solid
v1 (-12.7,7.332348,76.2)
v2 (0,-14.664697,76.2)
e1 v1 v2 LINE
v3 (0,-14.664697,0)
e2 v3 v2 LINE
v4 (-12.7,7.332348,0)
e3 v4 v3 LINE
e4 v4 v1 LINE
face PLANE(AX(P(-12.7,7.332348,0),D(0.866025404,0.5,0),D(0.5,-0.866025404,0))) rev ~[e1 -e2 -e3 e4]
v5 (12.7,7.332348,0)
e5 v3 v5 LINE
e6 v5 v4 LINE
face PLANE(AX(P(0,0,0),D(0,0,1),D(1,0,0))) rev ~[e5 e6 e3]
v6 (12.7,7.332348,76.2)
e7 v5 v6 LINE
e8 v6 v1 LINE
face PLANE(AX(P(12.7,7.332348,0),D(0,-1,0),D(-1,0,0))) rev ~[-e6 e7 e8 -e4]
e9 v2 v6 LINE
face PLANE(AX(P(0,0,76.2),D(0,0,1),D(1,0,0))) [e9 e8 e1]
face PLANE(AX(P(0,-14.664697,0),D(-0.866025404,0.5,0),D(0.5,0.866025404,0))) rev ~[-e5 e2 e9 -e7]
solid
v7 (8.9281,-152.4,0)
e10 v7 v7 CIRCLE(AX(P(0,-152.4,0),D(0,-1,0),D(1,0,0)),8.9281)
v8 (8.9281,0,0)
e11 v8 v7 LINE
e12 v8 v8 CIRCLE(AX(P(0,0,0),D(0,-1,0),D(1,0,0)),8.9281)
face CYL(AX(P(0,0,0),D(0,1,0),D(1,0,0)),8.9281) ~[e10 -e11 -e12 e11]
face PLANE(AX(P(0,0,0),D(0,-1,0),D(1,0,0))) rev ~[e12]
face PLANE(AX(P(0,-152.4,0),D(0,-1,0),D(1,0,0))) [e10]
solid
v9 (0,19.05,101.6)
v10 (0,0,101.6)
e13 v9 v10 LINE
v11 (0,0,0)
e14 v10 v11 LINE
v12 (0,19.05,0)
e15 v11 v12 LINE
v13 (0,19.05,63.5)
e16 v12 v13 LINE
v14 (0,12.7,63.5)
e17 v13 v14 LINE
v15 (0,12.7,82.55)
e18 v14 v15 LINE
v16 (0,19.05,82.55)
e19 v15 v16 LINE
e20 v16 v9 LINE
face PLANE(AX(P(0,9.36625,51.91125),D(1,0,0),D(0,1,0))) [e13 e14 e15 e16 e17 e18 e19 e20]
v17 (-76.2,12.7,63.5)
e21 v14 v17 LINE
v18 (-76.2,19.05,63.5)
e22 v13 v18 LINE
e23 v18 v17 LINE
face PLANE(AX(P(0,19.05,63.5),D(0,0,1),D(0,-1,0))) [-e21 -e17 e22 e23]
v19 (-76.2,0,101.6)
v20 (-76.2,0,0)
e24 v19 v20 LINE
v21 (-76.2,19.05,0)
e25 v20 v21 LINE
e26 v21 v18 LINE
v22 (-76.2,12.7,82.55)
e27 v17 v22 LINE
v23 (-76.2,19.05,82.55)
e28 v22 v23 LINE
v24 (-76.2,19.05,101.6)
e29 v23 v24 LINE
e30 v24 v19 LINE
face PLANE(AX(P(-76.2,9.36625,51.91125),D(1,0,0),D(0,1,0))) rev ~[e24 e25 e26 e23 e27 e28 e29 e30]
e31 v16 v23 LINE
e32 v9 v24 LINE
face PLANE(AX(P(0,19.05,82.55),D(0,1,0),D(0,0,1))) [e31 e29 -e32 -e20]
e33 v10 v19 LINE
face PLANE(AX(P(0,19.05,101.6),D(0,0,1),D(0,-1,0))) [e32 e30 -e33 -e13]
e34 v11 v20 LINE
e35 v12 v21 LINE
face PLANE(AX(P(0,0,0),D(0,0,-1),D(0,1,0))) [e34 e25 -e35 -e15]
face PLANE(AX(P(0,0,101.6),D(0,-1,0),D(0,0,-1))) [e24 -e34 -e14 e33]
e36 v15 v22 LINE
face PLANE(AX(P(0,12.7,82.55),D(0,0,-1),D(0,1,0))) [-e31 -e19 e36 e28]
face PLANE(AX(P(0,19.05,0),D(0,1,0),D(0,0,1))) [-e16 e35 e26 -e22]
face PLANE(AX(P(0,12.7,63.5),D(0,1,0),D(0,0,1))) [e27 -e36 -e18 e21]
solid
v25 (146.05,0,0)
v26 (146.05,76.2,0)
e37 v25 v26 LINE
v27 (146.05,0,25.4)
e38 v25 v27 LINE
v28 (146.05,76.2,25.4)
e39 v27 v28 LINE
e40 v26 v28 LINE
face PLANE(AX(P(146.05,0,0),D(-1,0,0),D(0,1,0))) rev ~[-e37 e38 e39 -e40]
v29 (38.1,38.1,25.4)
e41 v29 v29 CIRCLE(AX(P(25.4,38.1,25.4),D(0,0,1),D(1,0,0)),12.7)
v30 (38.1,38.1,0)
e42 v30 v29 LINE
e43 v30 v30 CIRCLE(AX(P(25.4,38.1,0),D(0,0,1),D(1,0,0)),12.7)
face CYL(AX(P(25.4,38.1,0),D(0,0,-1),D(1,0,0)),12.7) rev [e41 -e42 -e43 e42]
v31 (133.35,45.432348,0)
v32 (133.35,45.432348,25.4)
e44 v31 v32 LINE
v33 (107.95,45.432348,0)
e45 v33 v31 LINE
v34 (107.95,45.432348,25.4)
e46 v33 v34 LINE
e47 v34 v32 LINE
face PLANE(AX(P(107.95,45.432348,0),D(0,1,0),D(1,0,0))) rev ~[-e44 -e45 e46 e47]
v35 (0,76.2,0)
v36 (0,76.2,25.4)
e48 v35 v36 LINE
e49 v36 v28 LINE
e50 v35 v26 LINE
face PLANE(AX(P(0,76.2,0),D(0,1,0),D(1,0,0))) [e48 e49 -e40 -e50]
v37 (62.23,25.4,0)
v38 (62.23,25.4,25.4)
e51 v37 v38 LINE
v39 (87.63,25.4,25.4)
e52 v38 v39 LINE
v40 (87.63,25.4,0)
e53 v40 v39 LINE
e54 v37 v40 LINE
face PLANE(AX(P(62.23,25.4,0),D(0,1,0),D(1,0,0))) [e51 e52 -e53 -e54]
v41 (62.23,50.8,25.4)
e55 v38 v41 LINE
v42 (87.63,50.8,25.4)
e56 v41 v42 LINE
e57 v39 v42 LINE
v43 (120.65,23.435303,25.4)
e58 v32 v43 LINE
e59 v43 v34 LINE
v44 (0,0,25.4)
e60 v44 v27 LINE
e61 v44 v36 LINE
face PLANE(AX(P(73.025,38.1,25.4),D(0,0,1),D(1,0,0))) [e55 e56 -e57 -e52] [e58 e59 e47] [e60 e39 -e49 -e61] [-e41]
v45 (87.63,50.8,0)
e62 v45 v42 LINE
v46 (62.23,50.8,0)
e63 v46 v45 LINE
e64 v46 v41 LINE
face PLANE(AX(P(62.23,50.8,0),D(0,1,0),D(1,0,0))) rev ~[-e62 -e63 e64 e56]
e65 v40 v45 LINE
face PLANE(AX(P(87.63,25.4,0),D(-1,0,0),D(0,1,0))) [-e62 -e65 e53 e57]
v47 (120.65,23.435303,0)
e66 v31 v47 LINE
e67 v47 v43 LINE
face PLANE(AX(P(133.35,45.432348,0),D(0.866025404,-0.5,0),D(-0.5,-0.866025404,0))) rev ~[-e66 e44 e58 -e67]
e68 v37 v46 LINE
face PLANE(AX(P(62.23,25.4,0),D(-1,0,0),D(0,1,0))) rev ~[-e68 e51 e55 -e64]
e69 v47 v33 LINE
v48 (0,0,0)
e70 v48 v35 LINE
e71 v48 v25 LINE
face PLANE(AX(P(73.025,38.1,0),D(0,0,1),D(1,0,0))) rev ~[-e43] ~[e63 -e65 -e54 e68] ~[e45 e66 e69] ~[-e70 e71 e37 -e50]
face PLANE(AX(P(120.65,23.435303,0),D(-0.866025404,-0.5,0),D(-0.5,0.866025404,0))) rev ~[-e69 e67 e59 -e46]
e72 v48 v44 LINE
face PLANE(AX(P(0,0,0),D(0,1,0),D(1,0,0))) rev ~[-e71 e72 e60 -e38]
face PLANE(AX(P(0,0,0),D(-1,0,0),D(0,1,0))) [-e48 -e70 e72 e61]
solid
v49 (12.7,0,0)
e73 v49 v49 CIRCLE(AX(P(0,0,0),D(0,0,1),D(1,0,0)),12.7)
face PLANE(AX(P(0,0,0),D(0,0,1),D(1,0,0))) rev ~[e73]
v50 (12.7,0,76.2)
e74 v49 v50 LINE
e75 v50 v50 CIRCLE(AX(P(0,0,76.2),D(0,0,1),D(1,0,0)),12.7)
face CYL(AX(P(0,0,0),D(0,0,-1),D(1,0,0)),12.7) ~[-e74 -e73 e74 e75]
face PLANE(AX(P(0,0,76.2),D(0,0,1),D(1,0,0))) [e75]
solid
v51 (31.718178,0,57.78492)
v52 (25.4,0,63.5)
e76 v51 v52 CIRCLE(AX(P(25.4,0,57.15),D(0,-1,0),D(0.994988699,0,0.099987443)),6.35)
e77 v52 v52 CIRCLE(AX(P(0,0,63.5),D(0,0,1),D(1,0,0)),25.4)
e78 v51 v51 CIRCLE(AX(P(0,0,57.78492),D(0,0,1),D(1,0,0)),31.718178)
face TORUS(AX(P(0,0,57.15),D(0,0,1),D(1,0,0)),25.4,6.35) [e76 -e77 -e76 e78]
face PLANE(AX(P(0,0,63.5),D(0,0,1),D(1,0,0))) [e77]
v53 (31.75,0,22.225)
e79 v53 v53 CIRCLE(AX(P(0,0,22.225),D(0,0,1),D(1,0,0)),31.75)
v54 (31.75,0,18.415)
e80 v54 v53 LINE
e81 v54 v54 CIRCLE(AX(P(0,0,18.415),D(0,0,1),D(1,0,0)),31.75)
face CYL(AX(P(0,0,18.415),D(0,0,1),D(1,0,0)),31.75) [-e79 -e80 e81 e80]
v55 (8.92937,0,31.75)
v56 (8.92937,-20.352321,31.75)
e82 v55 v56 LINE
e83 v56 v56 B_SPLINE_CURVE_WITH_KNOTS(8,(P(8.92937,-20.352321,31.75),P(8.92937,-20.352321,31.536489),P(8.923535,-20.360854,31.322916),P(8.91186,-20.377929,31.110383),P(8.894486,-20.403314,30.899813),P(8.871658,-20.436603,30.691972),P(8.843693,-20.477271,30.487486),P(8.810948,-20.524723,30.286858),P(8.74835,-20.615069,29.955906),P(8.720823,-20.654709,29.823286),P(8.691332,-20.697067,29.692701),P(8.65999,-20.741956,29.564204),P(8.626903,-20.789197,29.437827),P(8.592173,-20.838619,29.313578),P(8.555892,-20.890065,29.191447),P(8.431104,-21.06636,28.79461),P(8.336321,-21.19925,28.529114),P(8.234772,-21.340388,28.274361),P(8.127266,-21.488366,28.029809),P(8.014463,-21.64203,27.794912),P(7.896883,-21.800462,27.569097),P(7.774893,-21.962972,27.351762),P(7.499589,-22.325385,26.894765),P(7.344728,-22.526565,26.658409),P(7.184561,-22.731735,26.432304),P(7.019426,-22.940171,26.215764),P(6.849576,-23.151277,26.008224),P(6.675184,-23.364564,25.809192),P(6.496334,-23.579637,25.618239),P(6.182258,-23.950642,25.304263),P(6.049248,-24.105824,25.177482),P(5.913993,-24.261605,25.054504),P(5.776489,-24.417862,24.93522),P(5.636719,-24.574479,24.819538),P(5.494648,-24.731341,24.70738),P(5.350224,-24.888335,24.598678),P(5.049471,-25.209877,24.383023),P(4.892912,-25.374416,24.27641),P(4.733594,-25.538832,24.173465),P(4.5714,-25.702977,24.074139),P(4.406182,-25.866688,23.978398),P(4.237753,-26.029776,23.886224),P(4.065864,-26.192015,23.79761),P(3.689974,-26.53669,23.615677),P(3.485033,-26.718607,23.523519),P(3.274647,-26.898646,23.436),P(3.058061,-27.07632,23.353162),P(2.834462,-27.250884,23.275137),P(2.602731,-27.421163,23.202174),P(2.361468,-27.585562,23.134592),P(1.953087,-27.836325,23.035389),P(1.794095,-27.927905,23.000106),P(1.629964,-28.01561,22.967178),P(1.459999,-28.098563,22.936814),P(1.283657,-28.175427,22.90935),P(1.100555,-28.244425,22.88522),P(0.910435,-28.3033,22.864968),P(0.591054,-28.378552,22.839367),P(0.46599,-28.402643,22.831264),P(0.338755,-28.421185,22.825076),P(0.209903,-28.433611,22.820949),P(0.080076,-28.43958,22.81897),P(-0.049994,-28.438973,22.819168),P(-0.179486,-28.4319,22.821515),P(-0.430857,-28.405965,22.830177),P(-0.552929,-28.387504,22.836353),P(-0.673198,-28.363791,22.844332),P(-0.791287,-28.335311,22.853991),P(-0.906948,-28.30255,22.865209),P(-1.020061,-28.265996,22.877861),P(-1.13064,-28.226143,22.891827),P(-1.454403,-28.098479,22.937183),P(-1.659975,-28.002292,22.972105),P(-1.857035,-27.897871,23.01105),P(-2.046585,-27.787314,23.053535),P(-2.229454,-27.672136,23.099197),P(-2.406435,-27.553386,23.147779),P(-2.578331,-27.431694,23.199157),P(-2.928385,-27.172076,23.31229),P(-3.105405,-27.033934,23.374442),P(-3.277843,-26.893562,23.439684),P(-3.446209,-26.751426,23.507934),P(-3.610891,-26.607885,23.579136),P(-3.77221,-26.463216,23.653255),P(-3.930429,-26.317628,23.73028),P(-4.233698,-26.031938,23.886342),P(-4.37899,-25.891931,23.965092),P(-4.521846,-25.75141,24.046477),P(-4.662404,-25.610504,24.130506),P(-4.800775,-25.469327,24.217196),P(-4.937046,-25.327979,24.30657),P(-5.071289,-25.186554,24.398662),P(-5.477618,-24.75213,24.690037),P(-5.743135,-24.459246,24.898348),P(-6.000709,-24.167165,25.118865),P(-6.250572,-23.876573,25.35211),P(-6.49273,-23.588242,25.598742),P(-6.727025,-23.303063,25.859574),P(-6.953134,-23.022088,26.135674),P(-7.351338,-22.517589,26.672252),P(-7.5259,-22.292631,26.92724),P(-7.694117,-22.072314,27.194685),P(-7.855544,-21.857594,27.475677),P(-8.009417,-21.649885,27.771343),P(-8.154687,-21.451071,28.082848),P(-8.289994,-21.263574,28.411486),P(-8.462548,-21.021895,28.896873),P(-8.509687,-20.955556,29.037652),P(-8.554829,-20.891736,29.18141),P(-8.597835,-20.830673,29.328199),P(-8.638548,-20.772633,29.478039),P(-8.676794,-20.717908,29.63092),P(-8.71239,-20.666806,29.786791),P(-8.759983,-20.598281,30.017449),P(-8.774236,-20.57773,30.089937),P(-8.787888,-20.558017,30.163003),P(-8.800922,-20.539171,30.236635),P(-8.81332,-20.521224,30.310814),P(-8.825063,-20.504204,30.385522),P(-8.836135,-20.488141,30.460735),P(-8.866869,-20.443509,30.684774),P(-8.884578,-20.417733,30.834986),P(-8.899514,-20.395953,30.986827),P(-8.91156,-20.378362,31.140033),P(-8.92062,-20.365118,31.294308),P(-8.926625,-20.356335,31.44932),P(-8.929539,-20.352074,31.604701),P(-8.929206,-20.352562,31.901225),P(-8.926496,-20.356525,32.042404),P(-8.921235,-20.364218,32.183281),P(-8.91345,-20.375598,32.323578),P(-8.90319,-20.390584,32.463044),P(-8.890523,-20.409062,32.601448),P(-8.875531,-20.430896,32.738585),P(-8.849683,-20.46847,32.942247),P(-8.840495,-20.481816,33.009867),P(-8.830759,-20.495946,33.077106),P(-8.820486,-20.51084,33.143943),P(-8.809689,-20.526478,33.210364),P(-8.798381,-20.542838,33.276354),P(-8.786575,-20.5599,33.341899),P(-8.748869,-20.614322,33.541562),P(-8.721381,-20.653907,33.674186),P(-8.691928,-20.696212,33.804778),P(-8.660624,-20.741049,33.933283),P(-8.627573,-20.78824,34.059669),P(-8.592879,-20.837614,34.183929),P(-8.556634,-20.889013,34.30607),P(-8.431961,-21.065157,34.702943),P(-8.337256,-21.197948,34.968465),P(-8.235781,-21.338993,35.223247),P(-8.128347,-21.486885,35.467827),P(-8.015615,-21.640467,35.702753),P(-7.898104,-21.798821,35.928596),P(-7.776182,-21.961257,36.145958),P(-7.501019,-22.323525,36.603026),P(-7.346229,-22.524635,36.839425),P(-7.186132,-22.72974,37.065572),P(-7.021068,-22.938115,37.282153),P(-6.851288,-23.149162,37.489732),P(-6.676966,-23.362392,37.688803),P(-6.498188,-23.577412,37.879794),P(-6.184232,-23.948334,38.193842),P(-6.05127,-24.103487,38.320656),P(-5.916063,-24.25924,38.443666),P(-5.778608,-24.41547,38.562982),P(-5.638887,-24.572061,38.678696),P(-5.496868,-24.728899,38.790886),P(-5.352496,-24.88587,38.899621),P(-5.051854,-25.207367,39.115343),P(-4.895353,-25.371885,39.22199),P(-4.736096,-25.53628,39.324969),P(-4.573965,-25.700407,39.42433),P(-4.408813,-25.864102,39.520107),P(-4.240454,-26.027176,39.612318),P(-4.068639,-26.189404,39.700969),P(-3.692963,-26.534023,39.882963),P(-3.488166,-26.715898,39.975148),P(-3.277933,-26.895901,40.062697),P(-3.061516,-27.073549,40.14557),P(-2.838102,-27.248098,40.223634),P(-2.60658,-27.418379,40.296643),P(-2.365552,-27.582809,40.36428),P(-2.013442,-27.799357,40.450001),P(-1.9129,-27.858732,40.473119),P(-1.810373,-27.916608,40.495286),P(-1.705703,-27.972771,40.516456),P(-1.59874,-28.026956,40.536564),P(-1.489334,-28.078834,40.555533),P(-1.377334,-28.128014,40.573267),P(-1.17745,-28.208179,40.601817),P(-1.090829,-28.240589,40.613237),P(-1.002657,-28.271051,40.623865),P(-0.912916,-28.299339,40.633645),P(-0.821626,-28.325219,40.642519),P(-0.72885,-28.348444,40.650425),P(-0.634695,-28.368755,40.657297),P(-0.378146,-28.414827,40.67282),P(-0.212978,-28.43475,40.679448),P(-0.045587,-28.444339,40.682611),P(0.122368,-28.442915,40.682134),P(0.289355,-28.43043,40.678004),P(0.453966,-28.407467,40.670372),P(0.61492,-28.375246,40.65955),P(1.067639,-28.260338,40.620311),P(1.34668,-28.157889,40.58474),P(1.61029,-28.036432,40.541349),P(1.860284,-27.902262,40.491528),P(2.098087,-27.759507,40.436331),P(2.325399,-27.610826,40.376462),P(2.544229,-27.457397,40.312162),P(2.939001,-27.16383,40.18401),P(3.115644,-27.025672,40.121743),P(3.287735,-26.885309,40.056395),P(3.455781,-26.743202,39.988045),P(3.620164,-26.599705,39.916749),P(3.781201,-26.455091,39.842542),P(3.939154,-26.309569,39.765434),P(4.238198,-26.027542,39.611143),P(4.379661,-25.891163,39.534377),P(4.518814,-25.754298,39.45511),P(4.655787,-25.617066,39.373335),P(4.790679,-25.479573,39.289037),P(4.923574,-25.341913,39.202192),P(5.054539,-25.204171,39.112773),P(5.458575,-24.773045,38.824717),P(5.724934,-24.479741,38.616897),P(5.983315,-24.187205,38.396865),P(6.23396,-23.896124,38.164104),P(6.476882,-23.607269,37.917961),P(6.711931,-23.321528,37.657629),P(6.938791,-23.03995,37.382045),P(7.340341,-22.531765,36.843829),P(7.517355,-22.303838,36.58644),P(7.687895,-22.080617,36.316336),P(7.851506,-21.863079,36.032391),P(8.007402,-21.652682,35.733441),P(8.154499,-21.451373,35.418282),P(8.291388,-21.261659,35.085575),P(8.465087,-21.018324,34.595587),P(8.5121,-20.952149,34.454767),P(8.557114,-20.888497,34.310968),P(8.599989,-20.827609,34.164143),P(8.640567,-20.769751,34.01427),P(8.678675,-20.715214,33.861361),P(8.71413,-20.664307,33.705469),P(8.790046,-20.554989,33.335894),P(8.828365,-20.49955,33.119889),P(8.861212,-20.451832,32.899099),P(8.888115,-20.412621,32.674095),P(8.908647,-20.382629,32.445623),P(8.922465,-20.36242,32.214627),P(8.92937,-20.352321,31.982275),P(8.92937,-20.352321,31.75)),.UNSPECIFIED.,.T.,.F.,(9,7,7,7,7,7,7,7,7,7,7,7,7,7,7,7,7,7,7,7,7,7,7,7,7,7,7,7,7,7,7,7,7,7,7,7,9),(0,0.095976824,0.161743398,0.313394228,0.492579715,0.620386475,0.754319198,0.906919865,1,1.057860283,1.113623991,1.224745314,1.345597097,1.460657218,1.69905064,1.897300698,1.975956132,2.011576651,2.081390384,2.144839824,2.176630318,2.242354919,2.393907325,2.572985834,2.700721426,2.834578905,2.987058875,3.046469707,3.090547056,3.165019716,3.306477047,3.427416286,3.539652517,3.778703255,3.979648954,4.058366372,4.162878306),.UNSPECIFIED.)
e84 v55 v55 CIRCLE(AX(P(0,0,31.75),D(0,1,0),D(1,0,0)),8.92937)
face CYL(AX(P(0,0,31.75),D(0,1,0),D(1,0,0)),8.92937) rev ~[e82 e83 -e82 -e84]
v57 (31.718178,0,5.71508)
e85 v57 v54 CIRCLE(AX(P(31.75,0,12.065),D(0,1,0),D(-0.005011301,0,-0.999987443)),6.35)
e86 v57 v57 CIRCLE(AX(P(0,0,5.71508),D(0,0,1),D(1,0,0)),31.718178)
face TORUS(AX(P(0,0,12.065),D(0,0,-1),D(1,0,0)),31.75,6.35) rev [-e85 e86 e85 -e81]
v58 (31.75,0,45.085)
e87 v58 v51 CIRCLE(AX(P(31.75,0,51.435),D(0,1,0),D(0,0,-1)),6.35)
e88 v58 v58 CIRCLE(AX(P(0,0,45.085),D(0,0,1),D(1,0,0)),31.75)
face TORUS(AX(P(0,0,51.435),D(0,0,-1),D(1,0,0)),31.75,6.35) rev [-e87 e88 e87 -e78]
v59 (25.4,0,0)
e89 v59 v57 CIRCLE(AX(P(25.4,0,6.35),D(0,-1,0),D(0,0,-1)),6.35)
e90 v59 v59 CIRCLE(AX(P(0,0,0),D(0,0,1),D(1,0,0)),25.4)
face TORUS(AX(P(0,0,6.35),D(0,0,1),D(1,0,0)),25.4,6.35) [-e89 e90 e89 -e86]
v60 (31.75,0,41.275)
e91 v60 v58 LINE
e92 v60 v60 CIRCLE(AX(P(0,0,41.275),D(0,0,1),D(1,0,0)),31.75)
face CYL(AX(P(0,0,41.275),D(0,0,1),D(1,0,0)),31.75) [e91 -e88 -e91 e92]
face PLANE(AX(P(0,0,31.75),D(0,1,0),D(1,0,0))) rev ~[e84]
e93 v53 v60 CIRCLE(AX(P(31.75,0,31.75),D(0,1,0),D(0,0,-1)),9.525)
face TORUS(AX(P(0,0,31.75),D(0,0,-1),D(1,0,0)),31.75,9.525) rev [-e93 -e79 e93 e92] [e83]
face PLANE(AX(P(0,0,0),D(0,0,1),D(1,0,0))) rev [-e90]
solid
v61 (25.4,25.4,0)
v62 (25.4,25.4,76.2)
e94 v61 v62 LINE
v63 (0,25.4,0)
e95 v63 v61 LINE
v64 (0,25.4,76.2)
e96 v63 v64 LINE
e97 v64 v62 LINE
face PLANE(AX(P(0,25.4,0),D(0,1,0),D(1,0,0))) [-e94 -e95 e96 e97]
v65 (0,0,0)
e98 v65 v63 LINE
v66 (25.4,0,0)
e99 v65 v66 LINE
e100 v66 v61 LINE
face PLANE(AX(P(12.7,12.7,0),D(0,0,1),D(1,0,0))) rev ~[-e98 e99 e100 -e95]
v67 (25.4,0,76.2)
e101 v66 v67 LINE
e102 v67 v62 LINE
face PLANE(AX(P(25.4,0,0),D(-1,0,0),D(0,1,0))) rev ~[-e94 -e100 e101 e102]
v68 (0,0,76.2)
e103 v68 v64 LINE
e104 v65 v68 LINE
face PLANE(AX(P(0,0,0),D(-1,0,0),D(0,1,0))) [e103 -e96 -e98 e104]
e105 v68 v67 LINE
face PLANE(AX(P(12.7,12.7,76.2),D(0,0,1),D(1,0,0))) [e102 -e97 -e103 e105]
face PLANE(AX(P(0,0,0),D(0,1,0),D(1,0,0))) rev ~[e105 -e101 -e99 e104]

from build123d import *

# Parameters (mm, degrees)
F0_R      = 12.7
F1_DEPTH  = 76.2
F2_W      = 25.4
F2_H      = 25.4
F3_DEPTH  = 76.2
F5_DEPTH  = 76.2
F6_W      = 146.05
F6_H      = 76.2
F6_W_2    = 25.4
F6_H_2    = 25.4
F6_R      = 12.7
F7_DEPTH  = 25.4
F9_DEPTH  = 76.2
F13_D     = 17.85874
F13_DEPTH = 31.751
F14_R     = 8.9281
F15_DEPTH = 152.4


with BuildPart() as f1:
    # F0 (on Top) → F1 (new body)
    with BuildSketch(Plane.XY):
        Circle(F0_R)
    extrude(amount=F1_DEPTH)


with BuildPart() as f3:
    # F2 (on Top) → F3 (new body)
    with BuildSketch(Plane.XY):
        with Locations((12.7, 12.7)):
            Rectangle(F2_W, F2_H)
    extrude(amount=F3_DEPTH)


with BuildPart() as f5:
    # F4 (on Top) → F5 (new body)
    with BuildSketch(Plane.XY):
        Polygon((12.7, 7.3323484187), (-12.7, 7.3323484187), (0, -14.6646968374), align=None)
    extrude(amount=F5_DEPTH)


with BuildPart() as f7:
    # F6 (on Top) → F7 (new body)
    with BuildSketch(Plane.XY):
        with Locations((73.025, 38.1)):
            Rectangle(F6_W, F6_H)
        with Locations((74.93, 38.1)):
            Rectangle(F6_W_2, F6_H_2, mode=Mode.SUBTRACT)
        Polygon((120.65, 23.4353031626), (107.95, 45.4323484187), (133.35, 45.4323484187), align=None, mode=Mode.SUBTRACT)
        with Locations((25.4, 38.1)):
            Circle(F6_R, mode=Mode.SUBTRACT)
    extrude(amount=F7_DEPTH)


with BuildPart() as f9:
    # F8 (on Right) → F9 (new body)
    with BuildSketch(Plane.YZ):
        Polygon((0, 101.6), (0, 0), (19.05, 0), (19.05, 63.5), (12.7, 63.5), (12.7, 82.55), (19.05, 82.55), (19.05, 101.6), align=None)
    extrude(amount=-F9_DEPTH)


with BuildPart() as f11:
    # F10 (on Front) → F11 (revolve)
    with BuildSketch(Plane.XZ):
        with BuildLine():
            Line((0, 63.5), (0, 0))
            Line((0, 0), (25.4, 0))
            ThreePointArc((25.4, 0), (29.6597392124, 1.6407408393), (31.7181782388, 5.7150797347))
            ThreePointArc((31.7181782388, 5.7150797347), (25.4000199337, 12.0809109306), (31.75, 18.415))
            Line((31.75, 18.415), (31.75, 22.225))
            ThreePointArc((31.75, 22.225), (22.225, 31.75), (31.75, 41.275))
            Line((31.75, 41.275), (31.75, 45.085))
            ThreePointArc((31.75, 45.085), (25.4000199337, 51.4190890694), (31.7181782388, 57.7849202653))
            ThreePointArc((31.7181782388, 57.7849202653), (29.6597392124, 61.8592591607), (25.4, 63.5))
            Line((25.4, 63.5), (0, 63.5))
        make_face()
    revolve(axis=Axis((0, 0, 31.75), (0, 0, 1)))

    # F13 (through all, one way)
    with BuildSketch(Plane(origin=(0, 0, 0), x_dir=(1, 0, 0), z_dir=(0, 1, 0))):
        with Locations((0, -31.75)):
            Circle(F13_D / 2)
    extrude(amount=-F13_DEPTH, mode=Mode.SUBTRACT)


with BuildPart() as f15:
    # F14 (on Front) → F15 (new body)
    with BuildSketch(Plane.XZ):
        Circle(F14_R)
    extrude(amount=F15_DEPTH)


solid = Compound([f1.part, f3.part, f5.part, f7.part, f9.part, f11.part, f15.part])
